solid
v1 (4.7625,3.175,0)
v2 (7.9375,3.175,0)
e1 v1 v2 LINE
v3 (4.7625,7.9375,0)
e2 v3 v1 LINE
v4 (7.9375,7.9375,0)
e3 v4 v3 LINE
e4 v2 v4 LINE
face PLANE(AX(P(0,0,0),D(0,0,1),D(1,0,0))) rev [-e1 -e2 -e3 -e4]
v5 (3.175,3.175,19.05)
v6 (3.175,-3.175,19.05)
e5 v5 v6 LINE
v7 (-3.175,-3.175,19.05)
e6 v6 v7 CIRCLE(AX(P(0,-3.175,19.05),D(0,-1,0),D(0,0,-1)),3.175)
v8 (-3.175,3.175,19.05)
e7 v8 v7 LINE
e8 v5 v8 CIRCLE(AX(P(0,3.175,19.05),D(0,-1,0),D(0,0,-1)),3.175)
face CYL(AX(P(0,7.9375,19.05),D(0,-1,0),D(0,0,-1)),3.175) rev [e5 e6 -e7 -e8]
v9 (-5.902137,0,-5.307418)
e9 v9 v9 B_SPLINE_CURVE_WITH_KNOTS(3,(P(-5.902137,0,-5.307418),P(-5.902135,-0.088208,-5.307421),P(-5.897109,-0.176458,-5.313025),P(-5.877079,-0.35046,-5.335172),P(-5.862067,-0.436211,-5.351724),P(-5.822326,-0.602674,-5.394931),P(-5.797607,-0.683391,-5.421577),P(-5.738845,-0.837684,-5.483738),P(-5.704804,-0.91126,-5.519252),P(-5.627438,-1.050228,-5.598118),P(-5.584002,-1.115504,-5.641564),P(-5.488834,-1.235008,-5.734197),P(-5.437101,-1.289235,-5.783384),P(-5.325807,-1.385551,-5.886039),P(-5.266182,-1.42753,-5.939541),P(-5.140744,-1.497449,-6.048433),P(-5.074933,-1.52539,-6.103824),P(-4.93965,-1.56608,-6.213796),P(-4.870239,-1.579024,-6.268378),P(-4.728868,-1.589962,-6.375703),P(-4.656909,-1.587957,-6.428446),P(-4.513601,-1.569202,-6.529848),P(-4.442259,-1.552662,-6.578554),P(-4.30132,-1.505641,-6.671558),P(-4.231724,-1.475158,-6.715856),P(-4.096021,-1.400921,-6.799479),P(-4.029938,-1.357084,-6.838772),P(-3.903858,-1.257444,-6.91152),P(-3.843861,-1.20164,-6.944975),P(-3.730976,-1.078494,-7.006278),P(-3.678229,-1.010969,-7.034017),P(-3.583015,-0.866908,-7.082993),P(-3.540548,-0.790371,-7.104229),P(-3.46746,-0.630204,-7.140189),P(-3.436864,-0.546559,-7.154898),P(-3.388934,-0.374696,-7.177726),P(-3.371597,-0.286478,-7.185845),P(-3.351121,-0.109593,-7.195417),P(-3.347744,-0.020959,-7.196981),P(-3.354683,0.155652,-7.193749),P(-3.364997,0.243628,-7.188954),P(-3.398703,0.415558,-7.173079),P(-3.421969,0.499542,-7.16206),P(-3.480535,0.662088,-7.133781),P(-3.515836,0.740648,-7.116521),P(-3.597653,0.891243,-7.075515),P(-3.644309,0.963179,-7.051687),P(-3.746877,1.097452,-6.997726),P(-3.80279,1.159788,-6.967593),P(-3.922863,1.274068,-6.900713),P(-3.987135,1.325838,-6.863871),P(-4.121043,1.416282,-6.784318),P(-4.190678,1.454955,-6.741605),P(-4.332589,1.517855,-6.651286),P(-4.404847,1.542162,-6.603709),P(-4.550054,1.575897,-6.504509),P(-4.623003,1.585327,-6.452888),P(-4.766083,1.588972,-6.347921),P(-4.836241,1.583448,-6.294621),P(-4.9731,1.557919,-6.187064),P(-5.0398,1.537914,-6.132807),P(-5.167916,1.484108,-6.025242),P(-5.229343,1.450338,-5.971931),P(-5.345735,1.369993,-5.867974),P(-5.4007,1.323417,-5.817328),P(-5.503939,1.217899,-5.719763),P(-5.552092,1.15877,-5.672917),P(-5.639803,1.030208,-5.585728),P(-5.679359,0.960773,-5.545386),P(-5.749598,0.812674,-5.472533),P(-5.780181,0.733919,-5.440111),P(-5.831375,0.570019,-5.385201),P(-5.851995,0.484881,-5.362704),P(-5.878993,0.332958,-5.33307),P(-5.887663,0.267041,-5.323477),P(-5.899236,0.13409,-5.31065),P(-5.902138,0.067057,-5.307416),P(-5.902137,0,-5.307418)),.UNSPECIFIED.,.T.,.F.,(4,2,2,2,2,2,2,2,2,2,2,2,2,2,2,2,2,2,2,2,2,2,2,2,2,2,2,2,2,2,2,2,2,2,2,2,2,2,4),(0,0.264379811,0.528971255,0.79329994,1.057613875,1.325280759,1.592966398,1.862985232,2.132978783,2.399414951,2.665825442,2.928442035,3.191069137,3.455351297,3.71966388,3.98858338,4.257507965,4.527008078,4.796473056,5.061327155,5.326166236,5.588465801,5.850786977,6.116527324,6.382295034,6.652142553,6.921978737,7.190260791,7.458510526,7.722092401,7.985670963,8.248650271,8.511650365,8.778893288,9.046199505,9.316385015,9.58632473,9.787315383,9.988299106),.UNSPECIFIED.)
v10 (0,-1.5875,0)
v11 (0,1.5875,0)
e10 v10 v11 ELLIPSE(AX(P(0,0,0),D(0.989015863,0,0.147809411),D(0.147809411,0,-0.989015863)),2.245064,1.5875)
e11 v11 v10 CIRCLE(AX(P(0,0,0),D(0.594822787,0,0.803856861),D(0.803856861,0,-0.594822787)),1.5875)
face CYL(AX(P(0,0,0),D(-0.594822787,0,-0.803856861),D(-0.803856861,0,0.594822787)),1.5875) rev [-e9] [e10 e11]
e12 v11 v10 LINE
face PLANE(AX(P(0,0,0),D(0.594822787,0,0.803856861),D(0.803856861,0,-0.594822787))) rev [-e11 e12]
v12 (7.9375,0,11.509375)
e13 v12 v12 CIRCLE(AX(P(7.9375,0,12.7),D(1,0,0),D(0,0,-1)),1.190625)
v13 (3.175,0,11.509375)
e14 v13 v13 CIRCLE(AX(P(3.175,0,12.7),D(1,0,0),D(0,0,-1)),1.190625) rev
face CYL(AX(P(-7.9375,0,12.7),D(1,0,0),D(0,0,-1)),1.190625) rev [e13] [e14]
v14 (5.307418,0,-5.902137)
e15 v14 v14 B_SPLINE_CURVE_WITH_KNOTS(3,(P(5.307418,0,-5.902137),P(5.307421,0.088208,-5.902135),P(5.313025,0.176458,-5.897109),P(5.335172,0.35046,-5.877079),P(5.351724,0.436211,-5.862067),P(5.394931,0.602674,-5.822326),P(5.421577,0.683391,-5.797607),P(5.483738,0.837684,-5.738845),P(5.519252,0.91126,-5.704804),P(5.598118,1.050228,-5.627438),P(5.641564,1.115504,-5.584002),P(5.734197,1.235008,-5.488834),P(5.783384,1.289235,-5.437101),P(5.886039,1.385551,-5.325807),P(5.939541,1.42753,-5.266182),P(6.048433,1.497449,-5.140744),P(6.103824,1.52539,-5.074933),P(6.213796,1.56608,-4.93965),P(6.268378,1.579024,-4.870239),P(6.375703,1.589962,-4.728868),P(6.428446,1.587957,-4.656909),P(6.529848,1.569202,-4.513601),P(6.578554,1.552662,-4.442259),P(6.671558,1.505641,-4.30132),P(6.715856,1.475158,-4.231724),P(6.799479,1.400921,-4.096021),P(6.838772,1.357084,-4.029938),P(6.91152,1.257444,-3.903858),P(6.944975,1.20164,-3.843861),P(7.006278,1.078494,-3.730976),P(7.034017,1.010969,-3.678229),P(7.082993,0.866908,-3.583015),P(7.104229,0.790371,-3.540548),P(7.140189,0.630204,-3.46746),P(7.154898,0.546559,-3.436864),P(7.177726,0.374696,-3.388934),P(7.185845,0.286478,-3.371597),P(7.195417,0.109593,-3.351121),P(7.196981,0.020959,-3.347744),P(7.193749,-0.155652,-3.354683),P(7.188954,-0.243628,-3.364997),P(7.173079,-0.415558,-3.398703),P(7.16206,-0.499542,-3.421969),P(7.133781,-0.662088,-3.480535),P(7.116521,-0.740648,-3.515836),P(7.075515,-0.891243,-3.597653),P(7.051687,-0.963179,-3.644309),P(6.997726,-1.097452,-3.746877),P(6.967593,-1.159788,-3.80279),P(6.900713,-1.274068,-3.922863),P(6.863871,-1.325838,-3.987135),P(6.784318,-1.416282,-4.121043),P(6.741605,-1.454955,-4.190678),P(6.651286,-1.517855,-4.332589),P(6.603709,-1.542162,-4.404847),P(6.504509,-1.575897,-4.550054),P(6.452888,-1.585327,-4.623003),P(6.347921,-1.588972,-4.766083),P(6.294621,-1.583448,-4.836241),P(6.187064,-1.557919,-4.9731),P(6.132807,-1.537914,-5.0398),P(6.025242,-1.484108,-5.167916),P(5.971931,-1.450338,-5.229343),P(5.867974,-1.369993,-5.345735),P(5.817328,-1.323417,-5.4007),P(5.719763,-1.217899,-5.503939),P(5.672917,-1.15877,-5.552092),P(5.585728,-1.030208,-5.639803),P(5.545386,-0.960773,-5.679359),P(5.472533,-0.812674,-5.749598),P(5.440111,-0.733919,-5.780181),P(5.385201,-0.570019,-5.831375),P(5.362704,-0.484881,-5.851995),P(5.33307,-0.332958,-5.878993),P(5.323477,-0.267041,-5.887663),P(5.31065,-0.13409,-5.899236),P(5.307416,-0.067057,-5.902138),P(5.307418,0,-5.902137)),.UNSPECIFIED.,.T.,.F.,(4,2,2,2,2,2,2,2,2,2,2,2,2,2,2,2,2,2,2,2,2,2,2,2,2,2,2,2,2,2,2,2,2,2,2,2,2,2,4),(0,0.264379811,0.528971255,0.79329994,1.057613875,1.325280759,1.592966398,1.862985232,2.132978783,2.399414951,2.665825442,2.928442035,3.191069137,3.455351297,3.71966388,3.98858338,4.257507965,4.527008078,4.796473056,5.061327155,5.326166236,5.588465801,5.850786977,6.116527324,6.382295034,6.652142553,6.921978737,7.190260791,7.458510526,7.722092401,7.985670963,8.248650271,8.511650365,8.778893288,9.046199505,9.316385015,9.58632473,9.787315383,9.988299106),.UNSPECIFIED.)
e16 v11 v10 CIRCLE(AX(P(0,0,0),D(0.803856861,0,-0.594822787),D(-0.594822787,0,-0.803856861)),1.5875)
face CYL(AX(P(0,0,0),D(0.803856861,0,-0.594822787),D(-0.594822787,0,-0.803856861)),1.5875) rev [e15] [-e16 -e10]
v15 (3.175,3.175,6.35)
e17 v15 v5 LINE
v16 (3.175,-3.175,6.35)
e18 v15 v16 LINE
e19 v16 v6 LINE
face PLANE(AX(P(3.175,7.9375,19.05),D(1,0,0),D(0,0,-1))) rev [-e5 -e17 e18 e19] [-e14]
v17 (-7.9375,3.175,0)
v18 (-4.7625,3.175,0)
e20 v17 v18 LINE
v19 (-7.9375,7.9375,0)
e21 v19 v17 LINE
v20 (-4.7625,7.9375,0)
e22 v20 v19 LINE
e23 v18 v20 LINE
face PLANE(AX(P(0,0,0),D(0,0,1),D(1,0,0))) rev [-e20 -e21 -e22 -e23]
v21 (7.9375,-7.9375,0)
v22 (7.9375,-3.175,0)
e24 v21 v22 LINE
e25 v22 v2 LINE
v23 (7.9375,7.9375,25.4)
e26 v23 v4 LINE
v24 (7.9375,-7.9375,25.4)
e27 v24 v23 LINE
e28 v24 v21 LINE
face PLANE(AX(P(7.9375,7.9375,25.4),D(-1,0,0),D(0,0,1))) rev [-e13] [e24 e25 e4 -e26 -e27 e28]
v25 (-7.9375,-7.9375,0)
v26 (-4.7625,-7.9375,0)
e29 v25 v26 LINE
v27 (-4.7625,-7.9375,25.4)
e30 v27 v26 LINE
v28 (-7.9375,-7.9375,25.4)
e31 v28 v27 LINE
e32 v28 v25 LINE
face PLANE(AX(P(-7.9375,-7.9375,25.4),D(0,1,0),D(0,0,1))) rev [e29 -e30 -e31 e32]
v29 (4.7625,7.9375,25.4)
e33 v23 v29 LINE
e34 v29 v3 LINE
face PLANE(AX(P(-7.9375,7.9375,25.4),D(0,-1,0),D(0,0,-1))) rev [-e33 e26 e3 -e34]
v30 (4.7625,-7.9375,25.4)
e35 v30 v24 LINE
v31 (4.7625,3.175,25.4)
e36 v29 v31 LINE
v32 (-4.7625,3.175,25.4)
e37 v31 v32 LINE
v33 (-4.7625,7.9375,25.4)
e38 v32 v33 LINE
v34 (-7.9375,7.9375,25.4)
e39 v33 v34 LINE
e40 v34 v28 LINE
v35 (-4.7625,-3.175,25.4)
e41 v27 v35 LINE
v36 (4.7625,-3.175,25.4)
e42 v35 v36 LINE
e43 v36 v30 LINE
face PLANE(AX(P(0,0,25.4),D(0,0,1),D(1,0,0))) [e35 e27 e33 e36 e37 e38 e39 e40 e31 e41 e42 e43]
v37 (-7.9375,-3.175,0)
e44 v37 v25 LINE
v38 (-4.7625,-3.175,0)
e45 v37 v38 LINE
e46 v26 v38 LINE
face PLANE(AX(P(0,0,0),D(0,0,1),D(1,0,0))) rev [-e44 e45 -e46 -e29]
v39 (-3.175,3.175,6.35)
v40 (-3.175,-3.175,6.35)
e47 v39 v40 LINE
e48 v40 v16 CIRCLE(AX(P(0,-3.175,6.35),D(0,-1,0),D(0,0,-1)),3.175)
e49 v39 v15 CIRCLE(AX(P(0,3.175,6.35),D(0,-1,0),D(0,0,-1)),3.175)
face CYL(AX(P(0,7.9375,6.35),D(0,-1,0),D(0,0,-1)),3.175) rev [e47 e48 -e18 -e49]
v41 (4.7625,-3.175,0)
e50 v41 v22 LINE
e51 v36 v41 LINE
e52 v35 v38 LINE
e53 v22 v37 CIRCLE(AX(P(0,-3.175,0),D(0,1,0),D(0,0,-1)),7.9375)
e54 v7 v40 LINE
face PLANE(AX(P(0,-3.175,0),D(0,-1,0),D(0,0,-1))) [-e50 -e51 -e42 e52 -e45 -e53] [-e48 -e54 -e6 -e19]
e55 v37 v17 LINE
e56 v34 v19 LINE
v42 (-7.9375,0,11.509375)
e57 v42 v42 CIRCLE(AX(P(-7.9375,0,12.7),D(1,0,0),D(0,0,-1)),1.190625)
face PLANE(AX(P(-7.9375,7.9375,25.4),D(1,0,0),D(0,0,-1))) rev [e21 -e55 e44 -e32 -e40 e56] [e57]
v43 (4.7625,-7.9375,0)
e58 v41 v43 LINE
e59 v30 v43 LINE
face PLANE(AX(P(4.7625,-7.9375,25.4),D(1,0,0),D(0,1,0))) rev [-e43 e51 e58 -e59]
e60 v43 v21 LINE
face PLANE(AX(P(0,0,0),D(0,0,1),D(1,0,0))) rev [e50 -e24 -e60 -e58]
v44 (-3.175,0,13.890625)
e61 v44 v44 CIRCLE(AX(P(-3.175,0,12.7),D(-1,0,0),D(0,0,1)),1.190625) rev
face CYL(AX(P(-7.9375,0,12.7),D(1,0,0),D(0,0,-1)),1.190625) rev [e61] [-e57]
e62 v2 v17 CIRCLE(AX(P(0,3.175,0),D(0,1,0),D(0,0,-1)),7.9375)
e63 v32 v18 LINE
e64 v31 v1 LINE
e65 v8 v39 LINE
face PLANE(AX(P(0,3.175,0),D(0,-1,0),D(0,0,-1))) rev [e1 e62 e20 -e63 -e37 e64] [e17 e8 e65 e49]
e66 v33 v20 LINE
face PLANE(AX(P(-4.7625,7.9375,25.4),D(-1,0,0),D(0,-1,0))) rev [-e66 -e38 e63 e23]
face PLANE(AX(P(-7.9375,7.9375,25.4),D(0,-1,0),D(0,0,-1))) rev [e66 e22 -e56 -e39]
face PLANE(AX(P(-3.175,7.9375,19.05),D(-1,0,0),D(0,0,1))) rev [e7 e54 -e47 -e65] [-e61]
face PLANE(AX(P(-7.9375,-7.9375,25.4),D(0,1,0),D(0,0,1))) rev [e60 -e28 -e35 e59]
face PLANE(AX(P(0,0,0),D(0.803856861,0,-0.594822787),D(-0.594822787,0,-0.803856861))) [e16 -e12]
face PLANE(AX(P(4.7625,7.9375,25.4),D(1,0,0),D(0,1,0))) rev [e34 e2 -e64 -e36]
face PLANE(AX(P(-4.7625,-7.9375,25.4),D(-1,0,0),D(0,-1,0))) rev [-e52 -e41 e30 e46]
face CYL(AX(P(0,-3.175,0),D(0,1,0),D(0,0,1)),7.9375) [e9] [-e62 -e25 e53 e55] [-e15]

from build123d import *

# Parameters (mm, degrees)
SKETCH1_W                = 15.875
SKETCH1_H                = 15.875
BOSS_EXTRUDE1_DEPTH      = 25.4
BOSS_EXTRUDE3_DEPTH      = 3.175
BOSS_EXTRUDE3_DEPTH_BACK = 3.175
SKETCH4_R                = 1.190625
CUT_EXTRUDE1_DEPTH       = 16.875
SKETCH8_R                = 1.5875
CUT_EXTRUDE3_DEPTH       = 7.9375
SKETCH7_R                = 1.5875
CUT_EXTRUDE4_DEPTH       = 7.9375
SKETCH9_W                = 9.525
SKETCH9_H                = 4.7625
CUT_EXTRUDE5_DEPTH       = 26.4
CUT_EXTRUDE6_DEPTH       = 12.1125


with BuildPart() as part:
    # Sketch1 → Boss-Extrude1 (new body)
    with BuildSketch(Plane.XY):
        Rectangle(SKETCH1_W, SKETCH1_H)
    extrude(amount=BOSS_EXTRUDE1_DEPTH)

    # Sketch3 → Boss-Extrude3 (add, two sides)
    with BuildSketch(Plane(origin=(0, 0, 0), x_dir=(1, 0, 0), z_dir=(0, 1, 0))) as boss_extrude3_sk:
        with BuildLine():
            Line((-7.9375, 0), (7.9375, 0))
            ThreePointArc((7.9375, 0), (0, 7.9375), (-7.9375, 0))
        make_face()
    extrude(amount=BOSS_EXTRUDE3_DEPTH)
    extrude(boss_extrude3_sk.sketch, amount=-BOSS_EXTRUDE3_DEPTH_BACK)

    # Sketch4 → Cut-Extrude1 (cut, through all)
    with BuildSketch(Plane(origin=(7.9375, 0, 0), x_dir=(0, 0, -1), z_dir=(1, 0, 0))):
        with Locations((-12.7, 0)):
            Circle(SKETCH4_R)
    extrude(amount=-CUT_EXTRUDE1_DEPTH, mode=Mode.SUBTRACT)

    # Sketch8 → Cut-Extrude3 (cut)
    with BuildSketch(Plane(origin=(6.380613831, 0, -4.72140587), x_dir=(-0.594822787, 0, -0.803856861), z_dir=(0.803856861, 0, -0.594822787))):
        Circle(SKETCH8_R)
    extrude(amount=-CUT_EXTRUDE3_DEPTH, mode=Mode.SUBTRACT)

    # Sketch7 → Cut-Extrude4 (cut)
    with BuildSketch(Plane(origin=(-4.72140587, 0, -6.380613831), x_dir=(0.803856861, 0, -0.594822787), z_dir=(0.594822787, 0, 0.803856861))):
        Circle(SKETCH7_R)
    extrude(amount=CUT_EXTRUDE4_DEPTH, mode=Mode.SUBTRACT)

    # Sketch9 → Cut-Extrude5 (cut, through all)
    with BuildSketch(Plane(origin=(0, 0, 0), x_dir=(-1, 0, 0), z_dir=(0, 0, -1))):
        with Locations((0, 5.55625)):
            Rectangle(SKETCH9_W, SKETCH9_H)
        with Locations((0, -5.55625)):
            Rectangle(SKETCH9_W, SKETCH9_H)
    extrude(amount=-CUT_EXTRUDE5_DEPTH, mode=Mode.SUBTRACT)

    # Sketch10 → Cut-Extrude6 (cut, through all)
    with BuildSketch(Plane(origin=(0, -3.175, 0), x_dir=(-1, 0, 0), z_dir=(0, -1, 0))):
        with BuildLine():
            Line((-3.175, -19.05), (-3.175, -6.35))
            ThreePointArc((-3.175, -6.35), (0, -3.175), (3.175, -6.35))
            Line((3.175, -6.35), (3.175, -19.05))
            ThreePointArc((3.175, -19.05), (0, -22.225), (-3.175, -19.05))
        make_face()
    extrude(amount=-CUT_EXTRUDE6_DEPTH, mode=Mode.SUBTRACT)


solid = part.part
